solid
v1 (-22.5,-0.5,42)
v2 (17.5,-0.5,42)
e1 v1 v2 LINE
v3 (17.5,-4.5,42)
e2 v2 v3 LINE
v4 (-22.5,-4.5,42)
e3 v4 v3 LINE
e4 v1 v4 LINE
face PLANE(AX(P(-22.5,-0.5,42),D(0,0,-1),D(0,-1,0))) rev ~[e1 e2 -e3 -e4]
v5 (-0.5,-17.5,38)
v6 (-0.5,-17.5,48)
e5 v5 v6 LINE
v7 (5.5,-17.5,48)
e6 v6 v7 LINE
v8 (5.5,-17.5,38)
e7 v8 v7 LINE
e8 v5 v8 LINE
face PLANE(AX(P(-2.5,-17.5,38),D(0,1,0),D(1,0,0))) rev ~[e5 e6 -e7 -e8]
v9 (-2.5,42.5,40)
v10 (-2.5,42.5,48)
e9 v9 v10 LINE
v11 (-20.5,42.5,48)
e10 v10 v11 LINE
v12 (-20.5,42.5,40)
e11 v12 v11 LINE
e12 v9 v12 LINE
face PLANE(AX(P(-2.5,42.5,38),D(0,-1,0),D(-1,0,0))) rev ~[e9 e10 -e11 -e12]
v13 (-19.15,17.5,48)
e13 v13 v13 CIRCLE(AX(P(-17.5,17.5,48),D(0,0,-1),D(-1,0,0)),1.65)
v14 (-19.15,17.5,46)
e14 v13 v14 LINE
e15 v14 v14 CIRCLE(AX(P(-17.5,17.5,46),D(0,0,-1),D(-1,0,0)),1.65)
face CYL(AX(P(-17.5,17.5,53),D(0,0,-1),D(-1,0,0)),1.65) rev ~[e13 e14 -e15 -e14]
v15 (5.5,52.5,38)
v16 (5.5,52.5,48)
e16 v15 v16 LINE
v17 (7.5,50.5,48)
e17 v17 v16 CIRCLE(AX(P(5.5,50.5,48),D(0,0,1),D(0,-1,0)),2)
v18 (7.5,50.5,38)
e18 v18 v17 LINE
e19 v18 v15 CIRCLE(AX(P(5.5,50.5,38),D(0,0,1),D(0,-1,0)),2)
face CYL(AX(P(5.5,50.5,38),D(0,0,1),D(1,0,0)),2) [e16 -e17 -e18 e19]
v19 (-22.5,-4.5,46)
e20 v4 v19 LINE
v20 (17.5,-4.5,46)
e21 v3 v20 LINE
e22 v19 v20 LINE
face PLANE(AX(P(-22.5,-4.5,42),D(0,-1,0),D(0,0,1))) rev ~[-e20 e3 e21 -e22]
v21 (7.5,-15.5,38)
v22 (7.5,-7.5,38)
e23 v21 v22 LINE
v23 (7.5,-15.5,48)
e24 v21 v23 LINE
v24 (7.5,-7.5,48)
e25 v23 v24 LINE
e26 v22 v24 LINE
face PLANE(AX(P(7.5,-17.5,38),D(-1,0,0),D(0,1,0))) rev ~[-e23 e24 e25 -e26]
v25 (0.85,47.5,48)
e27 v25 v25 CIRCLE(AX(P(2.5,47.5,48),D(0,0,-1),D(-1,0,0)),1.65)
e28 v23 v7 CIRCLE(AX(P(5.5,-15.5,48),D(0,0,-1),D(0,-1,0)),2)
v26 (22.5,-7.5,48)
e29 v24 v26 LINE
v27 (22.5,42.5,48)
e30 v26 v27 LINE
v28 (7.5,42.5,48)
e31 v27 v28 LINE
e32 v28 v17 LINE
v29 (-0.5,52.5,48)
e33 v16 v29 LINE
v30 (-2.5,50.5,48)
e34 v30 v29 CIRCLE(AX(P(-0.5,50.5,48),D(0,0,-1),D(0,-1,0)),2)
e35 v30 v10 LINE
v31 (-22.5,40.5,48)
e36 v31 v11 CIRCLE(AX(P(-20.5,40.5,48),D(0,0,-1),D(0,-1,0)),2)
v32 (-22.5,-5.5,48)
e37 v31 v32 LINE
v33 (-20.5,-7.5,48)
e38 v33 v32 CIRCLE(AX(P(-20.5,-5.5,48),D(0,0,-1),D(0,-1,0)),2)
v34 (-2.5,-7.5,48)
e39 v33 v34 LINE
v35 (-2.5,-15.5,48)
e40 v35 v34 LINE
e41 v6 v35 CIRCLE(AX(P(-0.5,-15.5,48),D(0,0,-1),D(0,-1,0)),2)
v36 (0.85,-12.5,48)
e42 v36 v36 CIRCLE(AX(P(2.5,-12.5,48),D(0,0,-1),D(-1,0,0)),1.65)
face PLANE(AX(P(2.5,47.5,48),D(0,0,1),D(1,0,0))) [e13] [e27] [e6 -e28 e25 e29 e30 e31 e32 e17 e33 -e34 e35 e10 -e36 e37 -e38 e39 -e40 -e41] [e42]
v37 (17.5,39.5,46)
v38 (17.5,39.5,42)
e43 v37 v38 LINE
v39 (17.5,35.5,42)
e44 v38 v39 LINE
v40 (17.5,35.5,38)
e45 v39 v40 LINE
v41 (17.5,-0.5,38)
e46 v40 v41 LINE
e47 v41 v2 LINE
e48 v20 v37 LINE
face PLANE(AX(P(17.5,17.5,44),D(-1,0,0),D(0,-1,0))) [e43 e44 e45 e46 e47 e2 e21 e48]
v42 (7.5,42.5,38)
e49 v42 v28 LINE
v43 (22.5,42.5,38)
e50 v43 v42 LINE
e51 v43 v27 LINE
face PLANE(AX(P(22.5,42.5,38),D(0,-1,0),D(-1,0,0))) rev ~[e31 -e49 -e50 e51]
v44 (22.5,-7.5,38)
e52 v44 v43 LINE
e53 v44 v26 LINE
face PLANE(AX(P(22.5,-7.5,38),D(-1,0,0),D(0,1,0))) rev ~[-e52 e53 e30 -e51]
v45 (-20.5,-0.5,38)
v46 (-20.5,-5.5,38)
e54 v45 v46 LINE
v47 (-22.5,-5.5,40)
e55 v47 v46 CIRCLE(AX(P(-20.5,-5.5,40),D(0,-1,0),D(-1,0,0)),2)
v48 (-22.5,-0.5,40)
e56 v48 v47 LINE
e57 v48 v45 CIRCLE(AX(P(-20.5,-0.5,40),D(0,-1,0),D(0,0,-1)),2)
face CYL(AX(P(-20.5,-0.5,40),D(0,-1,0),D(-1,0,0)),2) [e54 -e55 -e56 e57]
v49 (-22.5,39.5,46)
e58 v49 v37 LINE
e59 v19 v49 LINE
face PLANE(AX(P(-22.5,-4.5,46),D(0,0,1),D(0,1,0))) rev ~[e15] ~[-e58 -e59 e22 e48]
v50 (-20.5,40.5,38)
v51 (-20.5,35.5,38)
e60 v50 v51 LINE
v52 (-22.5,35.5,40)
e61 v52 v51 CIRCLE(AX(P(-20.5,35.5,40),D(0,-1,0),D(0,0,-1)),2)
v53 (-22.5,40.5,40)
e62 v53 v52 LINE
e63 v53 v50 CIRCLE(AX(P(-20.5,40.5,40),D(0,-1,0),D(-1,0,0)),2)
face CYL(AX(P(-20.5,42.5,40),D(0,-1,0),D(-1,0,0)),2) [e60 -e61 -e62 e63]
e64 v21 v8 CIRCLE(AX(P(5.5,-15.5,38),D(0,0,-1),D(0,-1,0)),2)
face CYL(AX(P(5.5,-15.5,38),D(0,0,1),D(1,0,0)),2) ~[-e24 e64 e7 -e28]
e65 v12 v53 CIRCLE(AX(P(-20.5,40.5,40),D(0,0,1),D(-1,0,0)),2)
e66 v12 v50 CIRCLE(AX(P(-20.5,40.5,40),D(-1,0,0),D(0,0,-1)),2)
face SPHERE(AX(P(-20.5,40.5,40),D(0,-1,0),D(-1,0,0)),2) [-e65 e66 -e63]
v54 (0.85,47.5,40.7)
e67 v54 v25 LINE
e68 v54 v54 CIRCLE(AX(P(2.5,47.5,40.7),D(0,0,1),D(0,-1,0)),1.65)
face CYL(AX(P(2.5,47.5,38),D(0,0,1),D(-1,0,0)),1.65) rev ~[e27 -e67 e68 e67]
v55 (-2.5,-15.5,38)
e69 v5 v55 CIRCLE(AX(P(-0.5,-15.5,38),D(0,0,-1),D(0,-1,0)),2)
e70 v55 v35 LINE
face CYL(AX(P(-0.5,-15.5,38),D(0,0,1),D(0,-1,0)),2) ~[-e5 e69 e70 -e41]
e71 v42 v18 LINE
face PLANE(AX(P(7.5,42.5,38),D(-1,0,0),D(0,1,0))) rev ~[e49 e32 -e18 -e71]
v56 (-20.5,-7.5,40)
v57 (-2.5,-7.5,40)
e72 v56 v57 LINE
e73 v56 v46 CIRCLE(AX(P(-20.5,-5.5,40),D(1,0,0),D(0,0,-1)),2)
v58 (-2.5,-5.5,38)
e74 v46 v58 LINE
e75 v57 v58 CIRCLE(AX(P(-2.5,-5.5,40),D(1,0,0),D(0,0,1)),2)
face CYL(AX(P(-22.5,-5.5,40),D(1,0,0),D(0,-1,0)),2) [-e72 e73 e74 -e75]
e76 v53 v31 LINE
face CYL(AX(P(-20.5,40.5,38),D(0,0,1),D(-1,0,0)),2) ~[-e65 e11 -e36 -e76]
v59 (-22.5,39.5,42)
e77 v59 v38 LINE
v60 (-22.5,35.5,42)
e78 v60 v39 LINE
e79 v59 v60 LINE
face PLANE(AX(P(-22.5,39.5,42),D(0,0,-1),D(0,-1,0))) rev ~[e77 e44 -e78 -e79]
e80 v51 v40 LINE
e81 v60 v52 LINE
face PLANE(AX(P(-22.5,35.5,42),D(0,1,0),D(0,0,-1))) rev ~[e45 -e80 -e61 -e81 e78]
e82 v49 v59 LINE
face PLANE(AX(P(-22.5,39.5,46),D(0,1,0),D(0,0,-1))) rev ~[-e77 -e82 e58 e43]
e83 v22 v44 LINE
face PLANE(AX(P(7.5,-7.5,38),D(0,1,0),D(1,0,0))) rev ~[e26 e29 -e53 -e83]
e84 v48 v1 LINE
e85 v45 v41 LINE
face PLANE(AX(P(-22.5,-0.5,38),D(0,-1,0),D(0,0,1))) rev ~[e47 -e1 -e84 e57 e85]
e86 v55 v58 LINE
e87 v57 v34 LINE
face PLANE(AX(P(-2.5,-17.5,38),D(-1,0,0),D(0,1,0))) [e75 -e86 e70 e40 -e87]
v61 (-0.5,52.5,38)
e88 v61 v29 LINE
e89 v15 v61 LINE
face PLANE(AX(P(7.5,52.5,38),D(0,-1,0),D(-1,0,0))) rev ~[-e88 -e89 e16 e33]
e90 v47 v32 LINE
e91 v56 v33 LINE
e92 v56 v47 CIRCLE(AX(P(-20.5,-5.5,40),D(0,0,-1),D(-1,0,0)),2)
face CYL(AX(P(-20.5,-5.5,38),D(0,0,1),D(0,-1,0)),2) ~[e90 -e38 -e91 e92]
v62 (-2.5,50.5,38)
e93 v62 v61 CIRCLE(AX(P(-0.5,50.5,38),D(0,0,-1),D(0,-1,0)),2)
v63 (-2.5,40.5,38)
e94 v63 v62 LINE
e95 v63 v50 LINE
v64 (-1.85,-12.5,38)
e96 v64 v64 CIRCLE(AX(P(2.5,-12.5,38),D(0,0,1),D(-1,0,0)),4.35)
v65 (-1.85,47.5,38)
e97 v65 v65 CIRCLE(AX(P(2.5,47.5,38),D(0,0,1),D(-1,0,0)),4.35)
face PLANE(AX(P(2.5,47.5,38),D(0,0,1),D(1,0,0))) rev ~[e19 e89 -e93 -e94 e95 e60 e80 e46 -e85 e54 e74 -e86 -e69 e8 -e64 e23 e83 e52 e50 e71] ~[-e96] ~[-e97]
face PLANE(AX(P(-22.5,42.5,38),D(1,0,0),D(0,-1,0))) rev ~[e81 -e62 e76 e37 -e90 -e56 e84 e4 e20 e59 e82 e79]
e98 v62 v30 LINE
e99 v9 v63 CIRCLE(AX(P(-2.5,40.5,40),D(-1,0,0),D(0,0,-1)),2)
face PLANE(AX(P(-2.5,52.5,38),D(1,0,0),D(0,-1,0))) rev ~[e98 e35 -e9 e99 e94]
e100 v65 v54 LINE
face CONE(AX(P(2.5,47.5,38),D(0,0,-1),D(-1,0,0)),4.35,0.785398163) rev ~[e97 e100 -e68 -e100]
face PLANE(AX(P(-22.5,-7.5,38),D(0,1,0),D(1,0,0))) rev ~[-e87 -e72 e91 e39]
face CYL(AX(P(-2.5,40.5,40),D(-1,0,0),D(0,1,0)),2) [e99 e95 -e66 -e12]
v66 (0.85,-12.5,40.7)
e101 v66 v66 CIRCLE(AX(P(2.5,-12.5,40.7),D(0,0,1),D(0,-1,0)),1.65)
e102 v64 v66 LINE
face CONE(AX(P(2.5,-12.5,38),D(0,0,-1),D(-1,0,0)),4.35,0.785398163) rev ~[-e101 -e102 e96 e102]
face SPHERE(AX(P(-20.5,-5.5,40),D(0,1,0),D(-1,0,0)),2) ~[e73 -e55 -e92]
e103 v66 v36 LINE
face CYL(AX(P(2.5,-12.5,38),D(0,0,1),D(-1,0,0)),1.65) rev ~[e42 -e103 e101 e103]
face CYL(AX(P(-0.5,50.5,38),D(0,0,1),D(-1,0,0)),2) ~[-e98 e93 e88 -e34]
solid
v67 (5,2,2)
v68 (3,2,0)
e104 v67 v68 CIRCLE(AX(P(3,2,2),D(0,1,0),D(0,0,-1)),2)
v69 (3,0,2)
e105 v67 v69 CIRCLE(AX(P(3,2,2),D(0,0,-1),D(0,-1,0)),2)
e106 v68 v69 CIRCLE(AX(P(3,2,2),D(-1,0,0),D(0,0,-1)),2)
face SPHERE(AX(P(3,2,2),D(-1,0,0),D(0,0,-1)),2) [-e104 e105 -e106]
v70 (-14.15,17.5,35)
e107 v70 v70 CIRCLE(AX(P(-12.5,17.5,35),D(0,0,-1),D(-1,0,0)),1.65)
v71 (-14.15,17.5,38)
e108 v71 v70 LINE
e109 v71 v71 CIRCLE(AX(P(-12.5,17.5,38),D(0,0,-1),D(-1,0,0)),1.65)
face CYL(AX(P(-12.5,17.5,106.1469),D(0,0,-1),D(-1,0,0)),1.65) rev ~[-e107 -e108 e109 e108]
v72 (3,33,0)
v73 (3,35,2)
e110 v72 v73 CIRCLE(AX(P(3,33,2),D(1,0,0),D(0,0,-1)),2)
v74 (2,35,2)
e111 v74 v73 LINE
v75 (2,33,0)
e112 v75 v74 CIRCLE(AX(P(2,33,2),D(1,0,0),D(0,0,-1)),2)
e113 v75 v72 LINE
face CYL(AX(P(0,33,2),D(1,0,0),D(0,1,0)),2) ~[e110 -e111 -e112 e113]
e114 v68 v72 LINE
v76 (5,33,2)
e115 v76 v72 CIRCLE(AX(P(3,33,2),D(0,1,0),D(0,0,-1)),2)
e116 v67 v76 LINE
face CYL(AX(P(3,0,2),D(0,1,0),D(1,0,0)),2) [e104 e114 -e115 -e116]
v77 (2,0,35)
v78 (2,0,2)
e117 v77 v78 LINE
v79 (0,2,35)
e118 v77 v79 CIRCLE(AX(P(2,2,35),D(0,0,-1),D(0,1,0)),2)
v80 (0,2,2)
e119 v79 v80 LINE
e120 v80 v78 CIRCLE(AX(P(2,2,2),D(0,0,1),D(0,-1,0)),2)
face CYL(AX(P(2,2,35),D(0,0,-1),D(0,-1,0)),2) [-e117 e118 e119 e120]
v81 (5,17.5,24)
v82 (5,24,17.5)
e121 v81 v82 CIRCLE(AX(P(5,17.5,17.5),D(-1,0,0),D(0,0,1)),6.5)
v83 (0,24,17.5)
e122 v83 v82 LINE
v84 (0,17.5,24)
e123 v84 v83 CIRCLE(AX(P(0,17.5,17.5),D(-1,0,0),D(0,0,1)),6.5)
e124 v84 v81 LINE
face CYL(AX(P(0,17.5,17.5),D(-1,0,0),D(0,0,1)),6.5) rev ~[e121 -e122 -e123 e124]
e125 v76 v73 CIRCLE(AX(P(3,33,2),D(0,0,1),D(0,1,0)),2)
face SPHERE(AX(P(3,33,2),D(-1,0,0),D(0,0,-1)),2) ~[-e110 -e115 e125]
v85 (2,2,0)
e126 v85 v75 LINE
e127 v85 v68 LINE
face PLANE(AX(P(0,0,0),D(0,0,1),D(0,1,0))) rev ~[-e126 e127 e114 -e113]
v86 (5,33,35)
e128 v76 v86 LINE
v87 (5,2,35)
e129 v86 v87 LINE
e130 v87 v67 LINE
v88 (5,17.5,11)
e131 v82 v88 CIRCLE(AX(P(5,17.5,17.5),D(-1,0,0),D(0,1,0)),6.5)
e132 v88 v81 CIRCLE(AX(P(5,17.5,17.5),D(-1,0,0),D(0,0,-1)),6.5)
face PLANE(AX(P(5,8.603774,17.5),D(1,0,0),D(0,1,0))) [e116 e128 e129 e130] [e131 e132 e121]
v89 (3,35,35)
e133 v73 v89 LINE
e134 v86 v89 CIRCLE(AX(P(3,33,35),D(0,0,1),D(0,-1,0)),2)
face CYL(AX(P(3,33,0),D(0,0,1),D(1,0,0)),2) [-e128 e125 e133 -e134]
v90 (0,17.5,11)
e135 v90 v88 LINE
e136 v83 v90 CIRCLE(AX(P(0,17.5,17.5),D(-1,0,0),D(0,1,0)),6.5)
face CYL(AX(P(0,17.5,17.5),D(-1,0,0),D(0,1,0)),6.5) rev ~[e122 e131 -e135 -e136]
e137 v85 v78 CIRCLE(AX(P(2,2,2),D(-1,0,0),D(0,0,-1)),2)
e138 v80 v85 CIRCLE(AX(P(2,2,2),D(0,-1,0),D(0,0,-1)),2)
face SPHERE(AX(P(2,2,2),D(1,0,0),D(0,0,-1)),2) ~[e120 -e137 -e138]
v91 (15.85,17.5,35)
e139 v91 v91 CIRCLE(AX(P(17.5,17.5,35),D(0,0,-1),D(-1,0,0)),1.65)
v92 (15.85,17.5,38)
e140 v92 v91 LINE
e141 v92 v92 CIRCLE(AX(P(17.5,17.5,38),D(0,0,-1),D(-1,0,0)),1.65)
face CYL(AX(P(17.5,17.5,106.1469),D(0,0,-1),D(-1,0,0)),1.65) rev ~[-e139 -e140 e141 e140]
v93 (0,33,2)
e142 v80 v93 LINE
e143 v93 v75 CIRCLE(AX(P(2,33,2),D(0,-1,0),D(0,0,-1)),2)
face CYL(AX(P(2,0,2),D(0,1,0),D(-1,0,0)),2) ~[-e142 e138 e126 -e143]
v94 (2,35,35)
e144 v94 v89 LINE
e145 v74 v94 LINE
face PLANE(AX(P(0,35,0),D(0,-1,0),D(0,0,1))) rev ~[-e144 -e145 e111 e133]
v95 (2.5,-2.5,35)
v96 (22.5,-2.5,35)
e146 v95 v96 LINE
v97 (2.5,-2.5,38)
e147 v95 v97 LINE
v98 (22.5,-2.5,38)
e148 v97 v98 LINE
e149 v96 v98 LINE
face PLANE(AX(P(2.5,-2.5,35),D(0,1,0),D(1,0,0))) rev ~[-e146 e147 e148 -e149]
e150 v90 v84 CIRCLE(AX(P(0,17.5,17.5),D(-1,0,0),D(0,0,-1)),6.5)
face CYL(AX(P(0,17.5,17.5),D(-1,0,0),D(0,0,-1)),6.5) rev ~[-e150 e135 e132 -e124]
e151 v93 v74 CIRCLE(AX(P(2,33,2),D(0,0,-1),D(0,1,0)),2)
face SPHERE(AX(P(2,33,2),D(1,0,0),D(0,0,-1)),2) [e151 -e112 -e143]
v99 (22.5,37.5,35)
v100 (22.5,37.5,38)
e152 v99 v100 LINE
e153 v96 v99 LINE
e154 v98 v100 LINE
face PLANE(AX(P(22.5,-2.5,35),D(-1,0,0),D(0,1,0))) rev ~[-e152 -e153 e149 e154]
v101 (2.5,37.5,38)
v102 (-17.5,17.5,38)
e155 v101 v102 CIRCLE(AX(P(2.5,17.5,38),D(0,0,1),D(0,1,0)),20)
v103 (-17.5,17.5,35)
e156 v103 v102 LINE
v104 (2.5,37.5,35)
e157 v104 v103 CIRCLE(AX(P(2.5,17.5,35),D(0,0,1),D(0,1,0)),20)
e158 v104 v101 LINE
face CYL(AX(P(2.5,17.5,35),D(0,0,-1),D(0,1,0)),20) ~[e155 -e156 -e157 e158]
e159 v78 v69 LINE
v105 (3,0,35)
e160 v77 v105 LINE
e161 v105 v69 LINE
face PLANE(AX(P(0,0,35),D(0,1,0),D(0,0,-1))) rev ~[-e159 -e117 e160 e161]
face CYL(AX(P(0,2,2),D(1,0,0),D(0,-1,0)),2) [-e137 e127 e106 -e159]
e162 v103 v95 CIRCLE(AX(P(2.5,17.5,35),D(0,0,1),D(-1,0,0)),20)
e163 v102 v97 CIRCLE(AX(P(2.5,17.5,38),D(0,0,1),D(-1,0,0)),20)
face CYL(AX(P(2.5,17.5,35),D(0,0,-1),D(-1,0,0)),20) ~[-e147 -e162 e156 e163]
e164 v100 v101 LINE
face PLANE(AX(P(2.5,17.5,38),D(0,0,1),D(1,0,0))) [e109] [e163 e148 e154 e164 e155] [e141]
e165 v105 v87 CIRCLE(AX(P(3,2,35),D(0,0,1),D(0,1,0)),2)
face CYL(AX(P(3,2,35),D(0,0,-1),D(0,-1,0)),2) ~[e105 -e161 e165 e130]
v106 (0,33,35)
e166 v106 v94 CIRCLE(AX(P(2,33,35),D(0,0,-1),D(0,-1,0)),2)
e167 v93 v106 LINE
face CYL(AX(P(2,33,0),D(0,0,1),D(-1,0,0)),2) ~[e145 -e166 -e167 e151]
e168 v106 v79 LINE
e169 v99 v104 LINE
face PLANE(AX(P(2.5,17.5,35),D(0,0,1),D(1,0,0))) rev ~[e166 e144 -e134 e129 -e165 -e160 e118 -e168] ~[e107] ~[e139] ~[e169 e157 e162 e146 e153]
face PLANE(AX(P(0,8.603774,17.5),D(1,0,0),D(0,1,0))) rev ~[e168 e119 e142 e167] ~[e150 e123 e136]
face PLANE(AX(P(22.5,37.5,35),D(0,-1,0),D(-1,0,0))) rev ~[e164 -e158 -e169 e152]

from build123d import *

# Parameters (mm, degrees)
F1_DEPTH        = 5
F3_DEPTH        = 3
F5_D            = 3.3
F6_W            = 2.1666669659
F6_H            = 10
F6_W_2          = 7.8333330341
F7_DEPTH        = 10
F9_DEPTH        = 40
F11_D           = 3.3
F11_DEPTH       = 5
F11_TIP         = 0.9914200214
F12_R           = 2
F14_D           = 3.3
F14_DEPTH       = 10
F14_CSINK_D     = 8.7
F14_CSINK_ANGLE = 90
F14_TIP         = 0.9914200214
F15_R           = 2


with BuildPart() as f1:
    # F0 (on Right) → F1 (new body)
    with BuildSketch(Plane.YZ):
        with BuildLine():
            Line((0, 35), (0, 0))
            Line((0, 0), (17.5, 0))
            Line((17.5, 0), (17.5, 11))
            ThreePointArc((17.5, 11), (11, 17.5), (17.5, 24))
            Line((17.5, 24), (17.5, 35))
            Line((17.5, 35), (0, 35))
        make_face()
        with BuildLine():
            Line((17.5, 11), (17.5, 0))
            Line((17.5, 0), (35, 0))
            Line((35, 0), (35, 35))
            Line((35, 35), (17.5, 35))
            Line((17.5, 35), (17.5, 24))
            ThreePointArc((17.5, 24), (22.0961940777, 22.0961940777), (24, 17.5))
            ThreePointArc((24, 17.5), (22.0961940777, 12.9038059223), (17.5, 11))
        make_face()
    extrude(amount=F1_DEPTH)

    # F2 (on face) → F3 (join)
    with BuildSketch(Plane.XY.offset(35)):
        with BuildLine():
            ThreePointArc((2.5, 37.5), (-11.6421356237, 31.6421356237), (-17.5, 17.5))
            ThreePointArc((-17.5, 17.5), (-11.6421356237, 3.3578643763), (2.5, -2.5))
            ThreePointArc((2.5, -2.5), (16.6421356237, 3.3578643763), (22.5, 17.5))
            ThreePointArc((22.5, 17.5), (16.6421356237, 31.6421356237), (2.5, 37.5))
        make_face()
        Polygon((0, 0), (0, 17.5), (0, 35), (5, 35), (5, 17.5), (5, 0), align=None, mode=Mode.SUBTRACT)
        Polygon((0, 35), (0, 17.5), (2.5, 17.5), (5, 17.5), (5, 35), align=None)
        Polygon((2.5, 17.5), (0, 17.5), (0, 0), (5, 0), (5, 17.5), align=None)
        with BuildLine():
            Line((22.5, 37.5), (2.5, 37.5))
            ThreePointArc((2.5, 37.5), (16.6421356237, 31.6421356237), (22.5, 17.5))
            Line((22.5, 17.5), (22.5, 37.5))
        make_face()
        with BuildLine():
            ThreePointArc((22.5, 17.5), (16.6421356237, 3.3578643763), (2.5, -2.5))
            Line((2.5, -2.5), (22.5, -2.5))
            Line((22.5, -2.5), (22.5, 17.5))
        make_face()
    extrude(amount=F3_DEPTH)

    # F5 (through all)
    with Locations(Plane.XY.offset(38)):
        with Locations((-12.5, 17.5), (17.5, 17.5)):
            Hole(F5_D / 2)

    # F12
    f12_edges = [f1.edges().sort_by_distance(p)[0] for p in [
        (2.5, 0, 0),
        (2.5, 35, 0),
        (0, 17.5, 0),
        (5, 17.5, 0),
        (0, 0, 17.5),
        (5, 0, 17.5),
        (0, 35, 17.5),
        (5, 35, 17.5),
    ]]
    fillet(f12_edges, radius=F12_R)


with BuildPart() as f7:
    # F6 (on face) → F7 (new body)
    with BuildSketch(Plane.XY.offset(38)):
        Polygon((-2.5, 42.5), (2.5, 42.5), (7.5, 42.5), (7.5, 52.5), (-2.5, 52.5), align=None)
        Polygon((7.5, 42.5), (2.5, 42.5), (-2.5, 42.5), (-22.5, 42.5), (-22.5, -7.5), (-2.5, -7.5), (5.3333330341, -7.5), (7.5, -7.5), (22.5, -7.5), (22.5, 42.5), align=None)
        with Locations((6.416666517, -12.5)):
            Rectangle(F6_W, F6_H)
        with Locations((1.416666517, -12.5)):
            Rectangle(F6_W_2, F6_H)
    extrude(amount=F7_DEPTH)

    # F8 (on face) → F9 (cut)
    with BuildSketch(Plane(origin=(-22.5, 0, 0), x_dir=(0, -1, 0), z_dir=(-1, 0, 0))):
        Polygon((-39.5, 46), (-39.5, 42), (-35.5, 42), (0.5, 42), (4.5, 42), (4.5, 46), align=None)
        Polygon((-35.5, 42), (-35.5, 38), (-17.5, 38), (0.5, 38), (0.5, 42), align=None)
    extrude(amount=-F9_DEPTH, mode=Mode.SUBTRACT)

    # F11
    with Locations(Plane.XY.offset(48)):
        with Locations((-17.5, 17.5)):
            Hole(F11_D / 2, depth=F11_DEPTH)
            with Locations((0, 0, -(F11_DEPTH + F11_TIP / 2))):  # 118° drill point
                Cone(0, F11_D / 2, F11_TIP, mode=Mode.SUBTRACT)

    # F14
    with Locations(Plane(origin=(0, 0, 38), x_dir=(1, 0, 0), z_dir=(0, 0, -1))):
        with Locations((2.5, 12.5), (2.5, -47.5)):
            CounterSinkHole(F14_D / 2, F14_CSINK_D / 2, depth=F14_DEPTH, counter_sink_angle=F14_CSINK_ANGLE)
            with Locations((0, 0, -(F14_DEPTH + F14_TIP / 2))):  # 118° drill point
                Cone(0, F14_D / 2, F14_TIP, mode=Mode.SUBTRACT)

    # F15
    f15_edges = [f7.edges().sort_by_distance(p)[0] for p in [
        (-22.5, 39, 38),
        (-22.5, -4, 38),
        (-22.5, -7.5, 43),
        (-22.5, 42.5, 43),
        (-12.5, -7.5, 38),
        (-12.5, 42.5, 38),
        (-2.5, 52.5, 43),
        (-2.5, -17.5, 43),
        (7.5, -17.5, 43),
        (7.5, 52.5, 43),
    ]]
    fillet(f15_edges, radius=F15_R)


solid = Compound([f1.part, f7.part])
